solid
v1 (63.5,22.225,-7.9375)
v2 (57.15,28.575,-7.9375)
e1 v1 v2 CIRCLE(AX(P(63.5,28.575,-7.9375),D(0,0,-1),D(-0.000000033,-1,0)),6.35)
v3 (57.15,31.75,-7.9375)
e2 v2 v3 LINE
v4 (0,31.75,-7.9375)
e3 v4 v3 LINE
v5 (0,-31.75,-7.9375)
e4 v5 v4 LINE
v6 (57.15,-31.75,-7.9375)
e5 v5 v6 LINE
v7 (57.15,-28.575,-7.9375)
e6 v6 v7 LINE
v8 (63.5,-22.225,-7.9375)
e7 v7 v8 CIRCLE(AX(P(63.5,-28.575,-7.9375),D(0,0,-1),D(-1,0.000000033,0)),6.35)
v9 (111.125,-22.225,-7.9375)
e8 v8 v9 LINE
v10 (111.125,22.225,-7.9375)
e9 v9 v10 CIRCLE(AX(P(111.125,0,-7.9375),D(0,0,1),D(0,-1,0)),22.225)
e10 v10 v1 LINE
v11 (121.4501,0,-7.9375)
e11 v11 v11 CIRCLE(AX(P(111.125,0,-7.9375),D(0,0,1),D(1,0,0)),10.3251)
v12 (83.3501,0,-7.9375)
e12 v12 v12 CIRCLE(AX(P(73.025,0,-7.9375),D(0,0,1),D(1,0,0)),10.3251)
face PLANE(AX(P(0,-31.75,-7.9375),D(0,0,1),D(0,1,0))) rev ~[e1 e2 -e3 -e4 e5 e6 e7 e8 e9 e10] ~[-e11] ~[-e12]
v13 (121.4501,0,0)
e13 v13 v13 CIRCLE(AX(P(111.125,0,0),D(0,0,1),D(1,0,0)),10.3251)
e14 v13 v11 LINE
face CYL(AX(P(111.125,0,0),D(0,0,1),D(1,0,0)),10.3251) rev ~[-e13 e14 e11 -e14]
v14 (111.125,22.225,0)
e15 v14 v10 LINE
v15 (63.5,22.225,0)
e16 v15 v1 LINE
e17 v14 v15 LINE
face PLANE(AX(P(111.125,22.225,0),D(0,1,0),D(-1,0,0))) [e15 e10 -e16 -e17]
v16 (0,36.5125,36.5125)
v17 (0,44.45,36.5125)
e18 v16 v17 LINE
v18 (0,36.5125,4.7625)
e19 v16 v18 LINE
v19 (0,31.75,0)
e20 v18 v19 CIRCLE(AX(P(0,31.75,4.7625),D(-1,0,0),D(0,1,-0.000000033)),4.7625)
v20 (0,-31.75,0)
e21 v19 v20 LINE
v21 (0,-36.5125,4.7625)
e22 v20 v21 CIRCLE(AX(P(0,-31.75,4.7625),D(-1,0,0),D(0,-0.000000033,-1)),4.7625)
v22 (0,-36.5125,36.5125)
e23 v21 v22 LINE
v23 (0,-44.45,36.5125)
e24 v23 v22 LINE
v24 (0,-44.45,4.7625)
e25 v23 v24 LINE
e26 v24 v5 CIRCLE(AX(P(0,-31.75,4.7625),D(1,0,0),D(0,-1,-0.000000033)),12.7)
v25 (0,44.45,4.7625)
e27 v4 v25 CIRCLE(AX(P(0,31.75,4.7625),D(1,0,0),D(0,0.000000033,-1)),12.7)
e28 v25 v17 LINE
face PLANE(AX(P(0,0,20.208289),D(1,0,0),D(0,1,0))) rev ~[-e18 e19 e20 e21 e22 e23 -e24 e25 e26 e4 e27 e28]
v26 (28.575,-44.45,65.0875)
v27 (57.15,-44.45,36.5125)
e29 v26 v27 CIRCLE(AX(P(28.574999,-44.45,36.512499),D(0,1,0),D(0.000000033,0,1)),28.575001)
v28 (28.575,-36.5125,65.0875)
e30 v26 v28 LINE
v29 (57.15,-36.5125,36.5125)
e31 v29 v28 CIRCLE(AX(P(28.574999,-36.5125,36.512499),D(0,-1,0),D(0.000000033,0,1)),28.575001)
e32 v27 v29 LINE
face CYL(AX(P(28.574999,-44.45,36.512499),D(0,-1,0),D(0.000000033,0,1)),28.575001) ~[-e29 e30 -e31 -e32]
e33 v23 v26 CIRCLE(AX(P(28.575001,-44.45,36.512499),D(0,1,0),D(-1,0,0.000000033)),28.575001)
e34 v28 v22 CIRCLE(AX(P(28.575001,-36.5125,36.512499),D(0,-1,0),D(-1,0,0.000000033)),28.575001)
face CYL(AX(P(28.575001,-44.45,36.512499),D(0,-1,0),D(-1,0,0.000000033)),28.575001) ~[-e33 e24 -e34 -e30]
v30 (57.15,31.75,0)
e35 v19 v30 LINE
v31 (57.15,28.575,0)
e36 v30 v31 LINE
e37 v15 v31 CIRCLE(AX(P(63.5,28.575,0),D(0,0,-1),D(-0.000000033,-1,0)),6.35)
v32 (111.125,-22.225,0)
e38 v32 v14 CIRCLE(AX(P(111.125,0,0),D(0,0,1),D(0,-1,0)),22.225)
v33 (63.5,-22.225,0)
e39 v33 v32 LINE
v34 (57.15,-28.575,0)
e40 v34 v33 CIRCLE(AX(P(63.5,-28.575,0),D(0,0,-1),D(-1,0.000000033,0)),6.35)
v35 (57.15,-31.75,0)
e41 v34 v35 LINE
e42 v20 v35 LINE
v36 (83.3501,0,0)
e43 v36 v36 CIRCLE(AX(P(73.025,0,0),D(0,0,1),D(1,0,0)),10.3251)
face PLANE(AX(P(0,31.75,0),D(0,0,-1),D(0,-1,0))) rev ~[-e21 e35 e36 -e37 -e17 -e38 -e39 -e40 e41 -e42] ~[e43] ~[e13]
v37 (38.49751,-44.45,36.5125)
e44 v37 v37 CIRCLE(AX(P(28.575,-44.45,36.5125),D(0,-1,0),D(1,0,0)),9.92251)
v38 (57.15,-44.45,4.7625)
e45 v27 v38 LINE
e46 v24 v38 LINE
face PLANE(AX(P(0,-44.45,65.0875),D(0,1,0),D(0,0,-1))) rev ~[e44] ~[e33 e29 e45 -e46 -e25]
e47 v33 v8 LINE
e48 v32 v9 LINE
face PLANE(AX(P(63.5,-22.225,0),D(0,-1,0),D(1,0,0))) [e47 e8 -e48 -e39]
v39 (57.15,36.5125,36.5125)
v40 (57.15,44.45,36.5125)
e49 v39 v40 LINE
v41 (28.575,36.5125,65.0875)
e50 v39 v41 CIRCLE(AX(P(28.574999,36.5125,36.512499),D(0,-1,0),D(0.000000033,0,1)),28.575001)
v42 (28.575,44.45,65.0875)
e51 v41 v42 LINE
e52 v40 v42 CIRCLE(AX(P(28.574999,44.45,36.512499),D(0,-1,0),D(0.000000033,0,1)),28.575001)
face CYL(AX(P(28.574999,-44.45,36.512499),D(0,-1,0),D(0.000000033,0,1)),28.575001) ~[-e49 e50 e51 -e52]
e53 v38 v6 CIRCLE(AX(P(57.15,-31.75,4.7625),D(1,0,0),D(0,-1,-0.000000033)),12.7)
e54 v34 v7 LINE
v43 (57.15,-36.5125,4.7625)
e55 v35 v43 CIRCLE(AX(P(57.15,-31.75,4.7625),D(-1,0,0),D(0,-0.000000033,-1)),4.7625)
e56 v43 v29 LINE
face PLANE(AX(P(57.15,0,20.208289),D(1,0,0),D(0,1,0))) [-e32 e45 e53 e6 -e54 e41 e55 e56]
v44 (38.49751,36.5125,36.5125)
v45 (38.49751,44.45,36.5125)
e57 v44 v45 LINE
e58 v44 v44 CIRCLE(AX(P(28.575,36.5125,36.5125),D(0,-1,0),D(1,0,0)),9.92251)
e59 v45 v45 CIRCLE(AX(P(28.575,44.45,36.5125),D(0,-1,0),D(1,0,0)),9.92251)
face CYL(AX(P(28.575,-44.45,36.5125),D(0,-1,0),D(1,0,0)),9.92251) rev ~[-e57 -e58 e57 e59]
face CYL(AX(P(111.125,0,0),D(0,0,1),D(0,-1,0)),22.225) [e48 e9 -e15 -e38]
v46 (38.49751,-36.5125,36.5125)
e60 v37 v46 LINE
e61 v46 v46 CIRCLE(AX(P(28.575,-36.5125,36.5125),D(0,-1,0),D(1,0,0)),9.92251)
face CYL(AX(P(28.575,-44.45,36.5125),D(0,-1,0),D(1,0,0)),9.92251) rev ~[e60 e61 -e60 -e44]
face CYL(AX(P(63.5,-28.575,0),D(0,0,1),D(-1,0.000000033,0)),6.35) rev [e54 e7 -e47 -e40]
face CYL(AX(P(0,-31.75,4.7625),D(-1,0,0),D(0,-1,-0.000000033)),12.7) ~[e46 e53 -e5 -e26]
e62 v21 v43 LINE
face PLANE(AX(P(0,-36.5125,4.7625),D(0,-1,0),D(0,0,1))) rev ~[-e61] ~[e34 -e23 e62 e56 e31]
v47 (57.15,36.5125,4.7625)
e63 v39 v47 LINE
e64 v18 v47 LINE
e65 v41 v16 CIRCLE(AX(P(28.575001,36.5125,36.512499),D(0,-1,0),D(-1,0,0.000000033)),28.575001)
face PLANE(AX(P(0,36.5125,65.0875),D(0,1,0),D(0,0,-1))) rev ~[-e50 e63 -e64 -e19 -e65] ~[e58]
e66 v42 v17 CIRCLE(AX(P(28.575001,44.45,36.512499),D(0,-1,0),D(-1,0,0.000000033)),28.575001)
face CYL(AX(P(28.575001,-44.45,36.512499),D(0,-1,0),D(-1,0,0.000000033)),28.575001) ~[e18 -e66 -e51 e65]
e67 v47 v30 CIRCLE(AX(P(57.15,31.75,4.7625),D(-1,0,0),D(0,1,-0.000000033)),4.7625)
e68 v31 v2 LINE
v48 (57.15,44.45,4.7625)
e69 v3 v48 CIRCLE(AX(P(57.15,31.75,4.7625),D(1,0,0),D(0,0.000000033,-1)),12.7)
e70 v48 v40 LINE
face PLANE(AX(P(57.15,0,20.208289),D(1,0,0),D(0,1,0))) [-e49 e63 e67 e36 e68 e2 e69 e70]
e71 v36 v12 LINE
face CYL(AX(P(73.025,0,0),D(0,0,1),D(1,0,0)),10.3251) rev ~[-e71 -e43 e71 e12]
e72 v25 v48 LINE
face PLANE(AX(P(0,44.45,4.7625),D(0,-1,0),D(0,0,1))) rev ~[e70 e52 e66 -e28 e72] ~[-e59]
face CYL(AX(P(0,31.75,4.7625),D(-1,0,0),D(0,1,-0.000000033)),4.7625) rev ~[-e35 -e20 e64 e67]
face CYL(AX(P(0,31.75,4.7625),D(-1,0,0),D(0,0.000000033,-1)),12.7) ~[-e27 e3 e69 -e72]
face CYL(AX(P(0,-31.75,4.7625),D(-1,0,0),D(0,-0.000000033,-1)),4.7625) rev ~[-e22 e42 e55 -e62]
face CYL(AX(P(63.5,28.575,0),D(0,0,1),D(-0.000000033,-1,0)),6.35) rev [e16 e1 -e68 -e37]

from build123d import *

# Parameters (mm, degrees)
F1_DEPTH = 57.15
F2_R     = 9.92251
F3_DEPTH = 88.901
F4_R     = 10.3251
F5_DEPTH = 7.9375


with BuildPart() as f1:
    # F0 (on Right) → F1 (new body)
    with BuildSketch(Plane.YZ):
        with BuildLine():
            Line((31.75, 0), (0, 0))
            Line((0, 0), (-31.75, 0))
            ThreePointArc((-31.75, 0), (-35.117596, 1.394904), (-36.5125, 4.7625))
            Line((-36.5125, 4.7625), (-36.5125, 65.0875))
            Line((-36.5125, 65.0875), (-44.45, 65.0875))
            Line((-44.45, 65.0875), (-44.45, 4.7625))
            ThreePointArc((-44.45, 4.7625), (-40.730256, -4.217756), (-31.75, -7.9375))
            Line((-31.75, -7.9375), (0, -7.9375))
            Line((0, -7.9375), (31.75, -7.9375))
            ThreePointArc((31.75, -7.9375), (40.730256, -4.217756), (44.45, 4.7625))
            Line((44.45, 4.7625), (44.45, 65.0875))
            Line((44.45, 65.0875), (36.5125, 65.0875))
            Line((36.5125, 65.0875), (36.5125, 4.7625))
            ThreePointArc((36.5125, 4.7625), (35.117596, 1.394904), (31.75, 0))
        make_face()
    extrude(amount=F1_DEPTH)

    # F2 (on face) → F3 (cut, through all)
    with BuildSketch(Plane.XZ.offset(44.45)):
        with Locations((28.575, 36.5125)):
            Circle(F2_R)
        with BuildLine():
            Line((28.575, 65.0875), (0, 65.0875))
            Line((0, 65.0875), (0, 36.5125))
            ThreePointArc((0, 36.5125), (8.369424, 56.718076), (28.575, 65.0875))
        make_face()
        with BuildLine():
            Line((57.15, 65.0875), (28.575, 65.0875))
            ThreePointArc((28.575, 65.0875), (48.780576, 56.718076), (57.15, 36.5125))
            Line((57.15, 36.5125), (57.15, 65.0875))
        make_face()
    extrude(amount=-F3_DEPTH, mode=Mode.SUBTRACT)

    # F4 (on face) → F5 (join)
    with BuildSketch(Plane.XY):
        with BuildLine():
            ThreePointArc((63.5, 22.225), (59.009872, 24.084872), (57.15, 28.575))
            Line((57.15, 28.575), (57.15, -28.575))
            ThreePointArc((57.15, -28.575), (59.009872, -24.084872), (63.5, -22.225))
            Line((63.5, -22.225), (111.125, -22.225))
            ThreePointArc((111.125, -22.225), (133.35, 0), (111.125, 22.225))
            Line((111.125, 22.225), (63.5, 22.225))
        make_face()
        with Locations((73.025, 0)):
            Circle(F4_R, mode=Mode.SUBTRACT)
        with Locations((111.125, 0)):
            Circle(F4_R, mode=Mode.SUBTRACT)
    extrude(amount=-F5_DEPTH)


solid = f1.part
